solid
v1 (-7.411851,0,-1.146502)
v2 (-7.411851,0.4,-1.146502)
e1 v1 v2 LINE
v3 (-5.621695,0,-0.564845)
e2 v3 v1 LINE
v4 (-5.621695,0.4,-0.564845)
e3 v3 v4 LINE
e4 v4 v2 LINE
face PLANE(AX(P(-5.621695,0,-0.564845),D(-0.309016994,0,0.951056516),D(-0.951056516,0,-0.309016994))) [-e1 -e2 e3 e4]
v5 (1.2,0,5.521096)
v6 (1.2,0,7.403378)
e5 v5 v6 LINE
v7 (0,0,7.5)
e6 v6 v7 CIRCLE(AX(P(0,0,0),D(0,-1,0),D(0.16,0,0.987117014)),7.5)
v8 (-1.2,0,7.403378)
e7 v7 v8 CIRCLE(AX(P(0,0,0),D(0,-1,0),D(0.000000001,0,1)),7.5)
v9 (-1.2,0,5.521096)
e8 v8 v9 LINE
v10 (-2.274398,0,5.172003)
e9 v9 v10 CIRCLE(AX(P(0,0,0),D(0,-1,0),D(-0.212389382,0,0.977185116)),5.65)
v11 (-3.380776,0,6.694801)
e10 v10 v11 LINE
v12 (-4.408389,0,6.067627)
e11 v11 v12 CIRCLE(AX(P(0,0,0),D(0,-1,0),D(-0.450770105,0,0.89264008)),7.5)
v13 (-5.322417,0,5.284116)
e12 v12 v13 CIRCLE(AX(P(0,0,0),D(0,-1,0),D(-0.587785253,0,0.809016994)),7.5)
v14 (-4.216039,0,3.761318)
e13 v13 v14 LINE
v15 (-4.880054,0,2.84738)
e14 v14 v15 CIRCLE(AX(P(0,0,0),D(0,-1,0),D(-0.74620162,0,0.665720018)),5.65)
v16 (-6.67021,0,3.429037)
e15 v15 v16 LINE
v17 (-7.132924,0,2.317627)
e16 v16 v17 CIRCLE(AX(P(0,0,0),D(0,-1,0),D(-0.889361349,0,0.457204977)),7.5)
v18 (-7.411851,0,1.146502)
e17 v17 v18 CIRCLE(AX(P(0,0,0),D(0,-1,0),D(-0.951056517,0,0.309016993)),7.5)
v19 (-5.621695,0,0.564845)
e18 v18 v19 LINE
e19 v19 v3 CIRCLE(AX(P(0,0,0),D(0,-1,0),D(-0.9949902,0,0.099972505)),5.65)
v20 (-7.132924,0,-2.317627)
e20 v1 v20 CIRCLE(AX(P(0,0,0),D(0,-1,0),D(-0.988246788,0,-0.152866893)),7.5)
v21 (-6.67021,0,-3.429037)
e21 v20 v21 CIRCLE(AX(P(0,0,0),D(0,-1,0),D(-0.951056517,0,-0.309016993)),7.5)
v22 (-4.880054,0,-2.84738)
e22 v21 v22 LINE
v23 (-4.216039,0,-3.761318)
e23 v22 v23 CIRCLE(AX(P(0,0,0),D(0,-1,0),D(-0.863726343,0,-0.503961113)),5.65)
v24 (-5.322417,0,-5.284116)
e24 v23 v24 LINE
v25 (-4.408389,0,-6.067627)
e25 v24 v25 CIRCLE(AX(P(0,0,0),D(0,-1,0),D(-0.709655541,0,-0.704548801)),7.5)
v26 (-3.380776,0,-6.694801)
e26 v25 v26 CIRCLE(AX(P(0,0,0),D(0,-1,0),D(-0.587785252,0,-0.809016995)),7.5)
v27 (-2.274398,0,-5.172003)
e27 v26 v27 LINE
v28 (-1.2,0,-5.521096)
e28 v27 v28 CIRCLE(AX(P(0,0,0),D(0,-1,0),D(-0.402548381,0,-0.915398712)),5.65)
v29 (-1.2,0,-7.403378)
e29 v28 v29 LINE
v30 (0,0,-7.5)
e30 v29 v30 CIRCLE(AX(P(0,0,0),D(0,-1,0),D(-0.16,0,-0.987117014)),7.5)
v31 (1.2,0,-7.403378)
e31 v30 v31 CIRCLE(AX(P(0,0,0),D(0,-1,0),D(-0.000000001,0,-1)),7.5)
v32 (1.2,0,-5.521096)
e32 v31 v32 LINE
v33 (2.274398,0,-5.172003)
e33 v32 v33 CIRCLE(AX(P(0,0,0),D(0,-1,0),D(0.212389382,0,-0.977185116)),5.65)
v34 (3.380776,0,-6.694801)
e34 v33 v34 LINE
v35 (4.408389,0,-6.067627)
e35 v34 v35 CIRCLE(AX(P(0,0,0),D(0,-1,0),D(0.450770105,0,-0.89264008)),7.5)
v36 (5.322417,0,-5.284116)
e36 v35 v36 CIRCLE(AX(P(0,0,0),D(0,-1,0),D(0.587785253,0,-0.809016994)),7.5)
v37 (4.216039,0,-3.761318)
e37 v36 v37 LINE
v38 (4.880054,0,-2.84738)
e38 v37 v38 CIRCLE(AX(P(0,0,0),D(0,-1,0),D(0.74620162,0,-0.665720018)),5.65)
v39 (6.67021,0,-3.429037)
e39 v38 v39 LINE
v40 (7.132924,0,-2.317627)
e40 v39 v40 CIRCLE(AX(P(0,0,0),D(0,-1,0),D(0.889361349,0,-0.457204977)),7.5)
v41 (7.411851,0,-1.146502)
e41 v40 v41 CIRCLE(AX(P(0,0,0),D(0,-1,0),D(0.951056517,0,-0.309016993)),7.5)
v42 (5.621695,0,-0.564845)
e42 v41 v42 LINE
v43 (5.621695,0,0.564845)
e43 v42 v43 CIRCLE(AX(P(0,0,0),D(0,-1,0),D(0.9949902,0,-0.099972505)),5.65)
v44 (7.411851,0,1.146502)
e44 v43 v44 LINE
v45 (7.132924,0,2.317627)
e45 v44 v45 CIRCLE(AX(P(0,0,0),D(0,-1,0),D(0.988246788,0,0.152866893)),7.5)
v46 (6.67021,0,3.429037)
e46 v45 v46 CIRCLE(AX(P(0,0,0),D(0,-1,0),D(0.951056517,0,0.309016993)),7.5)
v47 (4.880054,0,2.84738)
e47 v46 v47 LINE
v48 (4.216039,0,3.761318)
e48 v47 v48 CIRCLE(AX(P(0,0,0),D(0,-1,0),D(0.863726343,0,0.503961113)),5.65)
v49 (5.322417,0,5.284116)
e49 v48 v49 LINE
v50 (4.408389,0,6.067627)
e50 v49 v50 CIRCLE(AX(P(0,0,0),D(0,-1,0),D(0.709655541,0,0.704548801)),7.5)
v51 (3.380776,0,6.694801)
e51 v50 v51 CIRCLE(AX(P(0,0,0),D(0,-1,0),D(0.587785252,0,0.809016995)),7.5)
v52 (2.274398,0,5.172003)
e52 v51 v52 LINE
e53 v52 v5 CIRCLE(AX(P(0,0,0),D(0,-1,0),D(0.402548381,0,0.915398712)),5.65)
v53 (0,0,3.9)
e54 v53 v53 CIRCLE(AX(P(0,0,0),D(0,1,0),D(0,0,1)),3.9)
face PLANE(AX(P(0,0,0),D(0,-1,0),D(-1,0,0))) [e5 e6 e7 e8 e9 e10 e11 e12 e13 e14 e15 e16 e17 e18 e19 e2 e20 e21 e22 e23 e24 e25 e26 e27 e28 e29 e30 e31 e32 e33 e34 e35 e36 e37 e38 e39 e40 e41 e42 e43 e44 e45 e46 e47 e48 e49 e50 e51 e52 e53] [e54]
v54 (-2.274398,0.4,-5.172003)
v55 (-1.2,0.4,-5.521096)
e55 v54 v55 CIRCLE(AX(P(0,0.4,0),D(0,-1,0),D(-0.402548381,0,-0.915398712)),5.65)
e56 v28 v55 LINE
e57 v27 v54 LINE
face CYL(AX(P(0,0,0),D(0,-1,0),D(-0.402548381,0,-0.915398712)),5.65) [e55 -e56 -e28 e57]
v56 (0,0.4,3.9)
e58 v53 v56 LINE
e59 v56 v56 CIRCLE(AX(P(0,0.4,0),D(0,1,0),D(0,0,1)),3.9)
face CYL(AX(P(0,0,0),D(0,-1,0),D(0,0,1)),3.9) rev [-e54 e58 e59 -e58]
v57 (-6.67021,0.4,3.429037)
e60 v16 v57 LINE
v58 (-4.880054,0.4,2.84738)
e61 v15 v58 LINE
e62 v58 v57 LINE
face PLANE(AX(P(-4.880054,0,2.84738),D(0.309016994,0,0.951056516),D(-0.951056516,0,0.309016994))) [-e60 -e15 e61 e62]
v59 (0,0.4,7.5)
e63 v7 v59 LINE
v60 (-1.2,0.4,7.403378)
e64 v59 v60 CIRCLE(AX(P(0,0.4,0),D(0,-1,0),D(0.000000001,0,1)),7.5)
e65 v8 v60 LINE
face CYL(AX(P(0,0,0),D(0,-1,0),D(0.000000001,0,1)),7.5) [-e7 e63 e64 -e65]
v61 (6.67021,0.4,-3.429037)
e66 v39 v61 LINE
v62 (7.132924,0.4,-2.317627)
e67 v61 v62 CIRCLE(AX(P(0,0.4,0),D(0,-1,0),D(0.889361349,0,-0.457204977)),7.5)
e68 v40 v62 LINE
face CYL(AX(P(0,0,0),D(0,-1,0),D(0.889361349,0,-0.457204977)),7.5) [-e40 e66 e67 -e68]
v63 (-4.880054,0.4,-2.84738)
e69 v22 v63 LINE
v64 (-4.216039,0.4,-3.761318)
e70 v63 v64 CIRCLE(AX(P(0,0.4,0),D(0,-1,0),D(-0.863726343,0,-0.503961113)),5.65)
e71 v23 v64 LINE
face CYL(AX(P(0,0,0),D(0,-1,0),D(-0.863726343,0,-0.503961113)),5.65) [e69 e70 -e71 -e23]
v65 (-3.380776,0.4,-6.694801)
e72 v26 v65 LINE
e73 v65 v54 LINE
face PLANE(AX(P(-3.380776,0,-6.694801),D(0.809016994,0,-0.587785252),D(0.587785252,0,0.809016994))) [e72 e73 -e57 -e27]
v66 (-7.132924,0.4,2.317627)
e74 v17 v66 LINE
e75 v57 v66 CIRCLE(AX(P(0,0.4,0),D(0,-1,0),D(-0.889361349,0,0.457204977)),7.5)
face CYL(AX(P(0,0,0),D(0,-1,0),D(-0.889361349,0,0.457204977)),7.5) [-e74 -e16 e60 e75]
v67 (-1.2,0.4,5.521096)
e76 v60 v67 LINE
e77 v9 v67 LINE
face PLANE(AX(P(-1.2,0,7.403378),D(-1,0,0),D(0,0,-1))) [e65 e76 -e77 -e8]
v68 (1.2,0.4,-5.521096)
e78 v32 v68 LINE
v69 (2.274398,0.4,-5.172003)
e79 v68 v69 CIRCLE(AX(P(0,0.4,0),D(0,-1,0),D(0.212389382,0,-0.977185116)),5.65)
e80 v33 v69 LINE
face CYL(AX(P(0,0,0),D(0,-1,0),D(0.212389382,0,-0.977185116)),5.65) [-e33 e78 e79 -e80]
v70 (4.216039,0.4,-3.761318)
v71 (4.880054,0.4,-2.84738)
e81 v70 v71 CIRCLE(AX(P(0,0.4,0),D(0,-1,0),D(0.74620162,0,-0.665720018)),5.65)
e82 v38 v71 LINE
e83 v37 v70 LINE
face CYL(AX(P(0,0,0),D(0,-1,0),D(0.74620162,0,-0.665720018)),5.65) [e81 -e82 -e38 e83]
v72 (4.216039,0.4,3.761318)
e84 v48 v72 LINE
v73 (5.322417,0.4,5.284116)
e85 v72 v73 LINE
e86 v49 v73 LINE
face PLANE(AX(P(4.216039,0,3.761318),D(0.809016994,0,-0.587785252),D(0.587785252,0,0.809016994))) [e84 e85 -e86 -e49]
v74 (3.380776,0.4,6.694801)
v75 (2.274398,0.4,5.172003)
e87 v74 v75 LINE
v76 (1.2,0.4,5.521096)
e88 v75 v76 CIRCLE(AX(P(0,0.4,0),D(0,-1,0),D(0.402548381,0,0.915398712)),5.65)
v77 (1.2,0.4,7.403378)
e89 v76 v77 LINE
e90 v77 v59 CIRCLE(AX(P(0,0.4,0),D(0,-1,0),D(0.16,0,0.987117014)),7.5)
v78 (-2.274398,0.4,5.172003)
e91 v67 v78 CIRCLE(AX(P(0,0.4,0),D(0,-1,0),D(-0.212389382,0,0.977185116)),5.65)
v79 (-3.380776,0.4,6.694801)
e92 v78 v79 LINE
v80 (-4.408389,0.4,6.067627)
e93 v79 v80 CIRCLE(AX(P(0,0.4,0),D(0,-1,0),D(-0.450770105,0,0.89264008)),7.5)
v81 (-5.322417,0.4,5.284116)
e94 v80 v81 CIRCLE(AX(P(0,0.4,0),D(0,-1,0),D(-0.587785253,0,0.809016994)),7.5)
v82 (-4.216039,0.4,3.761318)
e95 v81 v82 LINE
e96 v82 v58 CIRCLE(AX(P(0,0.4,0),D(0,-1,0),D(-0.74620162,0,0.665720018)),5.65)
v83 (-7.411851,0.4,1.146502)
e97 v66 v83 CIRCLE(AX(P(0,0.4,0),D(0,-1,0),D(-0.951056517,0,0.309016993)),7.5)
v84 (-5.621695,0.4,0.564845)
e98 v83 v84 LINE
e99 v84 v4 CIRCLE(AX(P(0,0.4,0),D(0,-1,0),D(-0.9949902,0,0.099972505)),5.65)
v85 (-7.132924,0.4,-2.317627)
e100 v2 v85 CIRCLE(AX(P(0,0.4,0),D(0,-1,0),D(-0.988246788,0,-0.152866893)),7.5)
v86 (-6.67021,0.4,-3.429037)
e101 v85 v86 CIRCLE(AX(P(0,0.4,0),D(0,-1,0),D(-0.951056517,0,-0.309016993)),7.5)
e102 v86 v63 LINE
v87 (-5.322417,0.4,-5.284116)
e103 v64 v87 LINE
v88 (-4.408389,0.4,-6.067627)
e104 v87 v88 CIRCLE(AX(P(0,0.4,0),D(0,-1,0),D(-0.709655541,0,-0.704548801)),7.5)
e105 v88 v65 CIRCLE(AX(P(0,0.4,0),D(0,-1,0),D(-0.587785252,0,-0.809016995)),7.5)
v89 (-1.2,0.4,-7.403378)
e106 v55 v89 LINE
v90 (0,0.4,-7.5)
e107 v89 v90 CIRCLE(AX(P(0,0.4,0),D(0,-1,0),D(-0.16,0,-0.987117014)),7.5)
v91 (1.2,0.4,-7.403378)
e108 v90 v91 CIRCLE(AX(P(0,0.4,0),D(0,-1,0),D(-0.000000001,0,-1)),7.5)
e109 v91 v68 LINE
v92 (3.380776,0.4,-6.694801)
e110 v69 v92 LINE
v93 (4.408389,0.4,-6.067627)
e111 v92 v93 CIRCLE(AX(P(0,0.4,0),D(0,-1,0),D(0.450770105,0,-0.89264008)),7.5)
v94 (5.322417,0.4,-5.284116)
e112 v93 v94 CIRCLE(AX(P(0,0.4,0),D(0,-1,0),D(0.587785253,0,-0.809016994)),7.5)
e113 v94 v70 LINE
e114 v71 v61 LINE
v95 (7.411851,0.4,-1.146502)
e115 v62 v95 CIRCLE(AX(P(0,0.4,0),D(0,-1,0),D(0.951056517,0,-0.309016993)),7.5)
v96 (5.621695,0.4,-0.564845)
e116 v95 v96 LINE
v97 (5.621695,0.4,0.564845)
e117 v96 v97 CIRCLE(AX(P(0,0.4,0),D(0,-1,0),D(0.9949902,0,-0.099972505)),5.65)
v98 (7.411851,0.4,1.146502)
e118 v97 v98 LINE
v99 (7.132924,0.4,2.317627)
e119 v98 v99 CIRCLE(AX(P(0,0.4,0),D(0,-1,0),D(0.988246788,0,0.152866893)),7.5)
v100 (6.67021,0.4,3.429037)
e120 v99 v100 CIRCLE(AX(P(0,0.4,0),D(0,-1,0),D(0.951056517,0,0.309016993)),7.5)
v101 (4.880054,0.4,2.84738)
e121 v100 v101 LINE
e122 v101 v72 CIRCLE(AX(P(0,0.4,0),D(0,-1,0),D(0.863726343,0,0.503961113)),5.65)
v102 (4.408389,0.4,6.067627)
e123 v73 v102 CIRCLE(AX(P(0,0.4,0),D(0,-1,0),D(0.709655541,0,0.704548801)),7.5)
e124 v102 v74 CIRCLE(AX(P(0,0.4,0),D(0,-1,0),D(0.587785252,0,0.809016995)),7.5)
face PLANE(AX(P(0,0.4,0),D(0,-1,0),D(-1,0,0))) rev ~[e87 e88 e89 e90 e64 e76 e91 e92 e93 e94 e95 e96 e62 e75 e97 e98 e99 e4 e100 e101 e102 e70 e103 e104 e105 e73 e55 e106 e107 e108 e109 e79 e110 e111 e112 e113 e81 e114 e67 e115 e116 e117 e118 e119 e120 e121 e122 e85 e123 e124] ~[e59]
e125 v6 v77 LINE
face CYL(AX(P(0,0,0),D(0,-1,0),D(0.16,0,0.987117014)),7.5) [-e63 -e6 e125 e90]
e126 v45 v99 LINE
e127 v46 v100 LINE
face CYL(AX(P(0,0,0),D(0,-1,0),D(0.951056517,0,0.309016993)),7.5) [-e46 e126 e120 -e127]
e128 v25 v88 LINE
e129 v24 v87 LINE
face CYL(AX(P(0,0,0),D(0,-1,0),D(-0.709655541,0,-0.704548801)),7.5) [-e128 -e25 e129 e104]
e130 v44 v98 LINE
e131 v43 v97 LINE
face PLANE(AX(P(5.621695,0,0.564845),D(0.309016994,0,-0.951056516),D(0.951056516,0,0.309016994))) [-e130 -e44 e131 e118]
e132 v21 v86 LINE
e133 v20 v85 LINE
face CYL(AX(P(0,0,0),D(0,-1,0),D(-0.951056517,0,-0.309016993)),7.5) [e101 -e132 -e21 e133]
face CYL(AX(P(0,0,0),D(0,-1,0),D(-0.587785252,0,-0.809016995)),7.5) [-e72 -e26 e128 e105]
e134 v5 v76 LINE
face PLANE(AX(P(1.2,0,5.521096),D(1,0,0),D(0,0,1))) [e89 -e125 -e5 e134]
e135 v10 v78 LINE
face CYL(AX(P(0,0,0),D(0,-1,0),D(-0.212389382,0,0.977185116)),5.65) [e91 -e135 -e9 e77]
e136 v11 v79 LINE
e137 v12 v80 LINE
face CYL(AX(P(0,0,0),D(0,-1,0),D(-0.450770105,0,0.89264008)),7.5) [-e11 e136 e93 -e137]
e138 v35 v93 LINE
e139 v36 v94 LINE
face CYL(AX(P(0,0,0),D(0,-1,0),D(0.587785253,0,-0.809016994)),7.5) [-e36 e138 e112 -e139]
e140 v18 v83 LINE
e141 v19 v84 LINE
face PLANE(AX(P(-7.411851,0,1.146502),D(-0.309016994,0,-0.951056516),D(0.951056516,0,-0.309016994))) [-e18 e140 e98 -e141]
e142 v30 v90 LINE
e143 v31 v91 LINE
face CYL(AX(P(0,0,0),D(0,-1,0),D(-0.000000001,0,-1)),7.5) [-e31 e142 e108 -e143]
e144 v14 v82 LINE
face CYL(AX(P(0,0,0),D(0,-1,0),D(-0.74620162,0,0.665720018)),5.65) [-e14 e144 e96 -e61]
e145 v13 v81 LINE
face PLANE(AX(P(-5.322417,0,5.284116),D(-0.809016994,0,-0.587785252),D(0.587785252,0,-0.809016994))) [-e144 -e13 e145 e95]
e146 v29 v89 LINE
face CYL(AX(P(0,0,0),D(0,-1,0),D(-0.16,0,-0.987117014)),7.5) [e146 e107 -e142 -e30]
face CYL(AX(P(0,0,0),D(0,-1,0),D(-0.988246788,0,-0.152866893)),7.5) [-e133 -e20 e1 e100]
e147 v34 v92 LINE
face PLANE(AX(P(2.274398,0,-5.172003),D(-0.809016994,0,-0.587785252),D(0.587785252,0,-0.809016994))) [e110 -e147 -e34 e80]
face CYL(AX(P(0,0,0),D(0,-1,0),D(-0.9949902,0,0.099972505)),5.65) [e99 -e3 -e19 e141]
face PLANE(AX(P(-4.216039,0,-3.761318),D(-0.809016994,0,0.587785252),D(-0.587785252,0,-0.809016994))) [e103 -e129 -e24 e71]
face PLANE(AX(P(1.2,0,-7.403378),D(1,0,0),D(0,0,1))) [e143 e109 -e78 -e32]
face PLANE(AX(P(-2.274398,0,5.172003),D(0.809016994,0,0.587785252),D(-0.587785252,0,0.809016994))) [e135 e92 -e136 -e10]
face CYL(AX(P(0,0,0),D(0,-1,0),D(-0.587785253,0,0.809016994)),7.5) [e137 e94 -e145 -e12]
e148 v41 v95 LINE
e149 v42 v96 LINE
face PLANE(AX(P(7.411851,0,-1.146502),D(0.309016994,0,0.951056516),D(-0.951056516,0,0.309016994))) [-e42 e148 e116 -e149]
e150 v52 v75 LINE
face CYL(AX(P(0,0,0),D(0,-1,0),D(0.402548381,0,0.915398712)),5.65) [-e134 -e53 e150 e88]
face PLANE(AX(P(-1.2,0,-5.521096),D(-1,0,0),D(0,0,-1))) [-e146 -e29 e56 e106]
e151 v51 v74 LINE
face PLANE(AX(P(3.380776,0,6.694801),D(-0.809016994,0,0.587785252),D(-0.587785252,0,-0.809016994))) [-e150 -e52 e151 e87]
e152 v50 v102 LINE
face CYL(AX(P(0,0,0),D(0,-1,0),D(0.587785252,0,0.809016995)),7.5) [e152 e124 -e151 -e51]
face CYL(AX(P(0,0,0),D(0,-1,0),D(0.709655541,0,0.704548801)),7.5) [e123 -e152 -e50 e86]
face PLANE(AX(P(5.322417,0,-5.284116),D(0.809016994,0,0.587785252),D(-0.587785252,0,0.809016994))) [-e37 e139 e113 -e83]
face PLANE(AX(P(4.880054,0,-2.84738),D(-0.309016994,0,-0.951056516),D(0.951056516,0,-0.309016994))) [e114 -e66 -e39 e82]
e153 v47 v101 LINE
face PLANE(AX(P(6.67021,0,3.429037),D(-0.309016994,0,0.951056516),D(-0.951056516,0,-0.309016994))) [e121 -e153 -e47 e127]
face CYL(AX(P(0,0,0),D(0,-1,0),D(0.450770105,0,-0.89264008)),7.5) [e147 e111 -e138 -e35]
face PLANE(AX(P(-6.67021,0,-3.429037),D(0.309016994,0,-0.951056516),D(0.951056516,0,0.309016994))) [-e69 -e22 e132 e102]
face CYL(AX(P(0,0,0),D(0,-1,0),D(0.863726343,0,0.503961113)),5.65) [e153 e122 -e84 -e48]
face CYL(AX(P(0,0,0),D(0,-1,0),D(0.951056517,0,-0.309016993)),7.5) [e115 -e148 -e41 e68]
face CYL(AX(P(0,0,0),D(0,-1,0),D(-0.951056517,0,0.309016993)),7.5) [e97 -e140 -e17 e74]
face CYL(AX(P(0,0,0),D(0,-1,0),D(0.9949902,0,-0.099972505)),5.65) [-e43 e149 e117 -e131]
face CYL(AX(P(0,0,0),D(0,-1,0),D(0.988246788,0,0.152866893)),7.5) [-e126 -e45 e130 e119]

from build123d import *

# Parameters (mm, degrees)
SKETCH1_R           = 3.9
BOSS_EXTRUDE1_DEPTH = 0.4


with BuildPart() as part:
    # Sketch1 → Boss-Extrude1 (new body)
    with BuildSketch(Plane(origin=(0, 0, 0), x_dir=(1, 0, 0), z_dir=(0, 1, 0))):
        with BuildLine():
            Line((-1.2, 5.521095906), (-1.2, 7.403377608))
            ThreePointArc((-1.2, 7.403377608), (-0.601941834, 7.475805377), (0, 7.5))
            ThreePointArc((0, 7.5), (0.601941834, 7.475805377), (1.2, 7.403377608))
            Line((1.2, 7.403377608), (1.2, 5.521095906))
            ThreePointArc((1.2, 5.521095906), (1.745946018, 5.373469317), (2.274398357, 5.172002718))
            Line((2.274398357, 5.172002718), (3.380775782, 6.694800603))
            ThreePointArc((3.380775782, 6.694800603), (3.907186976, 6.401866129), (4.408389392, 6.067627458))
            ThreePointArc((4.408389392, 6.067627458), (4.881149323, 5.694241063), (5.322416568, 5.284115998))
            Line((5.322416568, 5.284115998), (4.216039143, 3.761318113))
            ThreePointArc((4.216039143, 3.761318113), (4.570946018, 3.320986675), (4.880053845, 2.847380282))
            Line((4.880053845, 2.847380282), (6.670210123, 3.429037316))
            ThreePointArc((6.670210123, 3.429037316), (6.923903162, 2.882631612), (7.132923872, 2.317627458))
            ThreePointArc((7.132923872, 2.317627458), (7.295923674, 1.737670204), (7.41185091, 1.146501677))
            Line((7.41185091, 1.146501677), (5.621694631, 0.564844643))
            ThreePointArc((5.621694631, 0.564844643), (5.65, 0), (5.621694631, -0.564844643))
            Line((5.621694631, -0.564844643), (7.41185091, -1.146501677))
            ThreePointArc((7.41185091, -1.146501677), (7.295923674, -1.737670204), (7.132923872, -2.317627458))
            ThreePointArc((7.132923872, -2.317627458), (6.923903162, -2.882631612), (6.670210123, -3.429037316))
            Line((6.670210123, -3.429037316), (4.880053845, -2.847380282))
            ThreePointArc((4.880053845, -2.847380282), (4.570946018, -3.320986675), (4.216039143, -3.761318113))
            Line((4.216039143, -3.761318113), (5.322416568, -5.284115998))
            ThreePointArc((5.322416568, -5.284115998), (4.881149323, -5.694241063), (4.408389392, -6.067627458))
            ThreePointArc((4.408389392, -6.067627458), (3.907186976, -6.401866129), (3.380775782, -6.694800603))
            Line((3.380775782, -6.694800603), (2.274398357, -5.172002718))
            ThreePointArc((2.274398357, -5.172002718), (1.745946018, -5.373469317), (1.2, -5.521095906))
            Line((1.2, -5.521095906), (1.2, -7.403377608))
            ThreePointArc((1.2, -7.403377608), (0.601941834, -7.475805377), (0, -7.5))
            ThreePointArc((0, -7.5), (-0.601941834, -7.475805377), (-1.2, -7.403377608))
            Line((-1.2, -7.403377608), (-1.2, -5.521095906))
            ThreePointArc((-1.2, -5.521095906), (-1.745946018, -5.373469317), (-2.274398357, -5.172002718))
            Line((-2.274398357, -5.172002718), (-3.380775782, -6.694800603))
            ThreePointArc((-3.380775782, -6.694800603), (-3.907186976, -6.401866129), (-4.408389392, -6.067627458))
            ThreePointArc((-4.408389392, -6.067627458), (-4.881149323, -5.694241063), (-5.322416568, -5.284115998))
            Line((-5.322416568, -5.284115998), (-4.216039143, -3.761318113))
            ThreePointArc((-4.216039143, -3.761318113), (-4.570946018, -3.320986675), (-4.880053845, -2.847380282))
            Line((-4.880053845, -2.847380282), (-6.670210123, -3.429037316))
            ThreePointArc((-6.670210123, -3.429037316), (-6.923903162, -2.882631612), (-7.132923872, -2.317627458))
            ThreePointArc((-7.132923872, -2.317627458), (-7.295923674, -1.737670204), (-7.41185091, -1.146501677))
            Line((-7.41185091, -1.146501677), (-5.621694631, -0.564844643))
            ThreePointArc((-5.621694631, -0.564844643), (-5.65, 0), (-5.621694631, 0.564844643))
            Line((-5.621694631, 0.564844643), (-7.41185091, 1.146501677))
            ThreePointArc((-7.41185091, 1.146501677), (-7.295923674, 1.737670204), (-7.132923872, 2.317627458))
            ThreePointArc((-7.132923872, 2.317627458), (-6.923903162, 2.882631612), (-6.670210123, 3.429037316))
            Line((-6.670210123, 3.429037316), (-4.880053845, 2.847380282))
            ThreePointArc((-4.880053845, 2.847380282), (-4.570946018, 3.320986675), (-4.216039143, 3.761318113))
            Line((-4.216039143, 3.761318113), (-5.322416568, 5.284115998))
            ThreePointArc((-5.322416568, 5.284115998), (-4.881149323, 5.694241063), (-4.408389392, 6.067627458))
            ThreePointArc((-4.408389392, 6.067627458), (-3.907186976, 6.401866129), (-3.380775782, 6.694800603))
            Line((-3.380775782, 6.694800603), (-2.274398357, 5.172002718))
            ThreePointArc((-2.274398357, 5.172002718), (-1.745946018, 5.373469317), (-1.2, 5.521095906))
        make_face()
        with Locations(Location((0, 0, 0), (0, 0, 270))):
            Circle(SKETCH1_R, mode=Mode.SUBTRACT)
    extrude(amount=BOSS_EXTRUDE1_DEPTH)


solid = part.part
